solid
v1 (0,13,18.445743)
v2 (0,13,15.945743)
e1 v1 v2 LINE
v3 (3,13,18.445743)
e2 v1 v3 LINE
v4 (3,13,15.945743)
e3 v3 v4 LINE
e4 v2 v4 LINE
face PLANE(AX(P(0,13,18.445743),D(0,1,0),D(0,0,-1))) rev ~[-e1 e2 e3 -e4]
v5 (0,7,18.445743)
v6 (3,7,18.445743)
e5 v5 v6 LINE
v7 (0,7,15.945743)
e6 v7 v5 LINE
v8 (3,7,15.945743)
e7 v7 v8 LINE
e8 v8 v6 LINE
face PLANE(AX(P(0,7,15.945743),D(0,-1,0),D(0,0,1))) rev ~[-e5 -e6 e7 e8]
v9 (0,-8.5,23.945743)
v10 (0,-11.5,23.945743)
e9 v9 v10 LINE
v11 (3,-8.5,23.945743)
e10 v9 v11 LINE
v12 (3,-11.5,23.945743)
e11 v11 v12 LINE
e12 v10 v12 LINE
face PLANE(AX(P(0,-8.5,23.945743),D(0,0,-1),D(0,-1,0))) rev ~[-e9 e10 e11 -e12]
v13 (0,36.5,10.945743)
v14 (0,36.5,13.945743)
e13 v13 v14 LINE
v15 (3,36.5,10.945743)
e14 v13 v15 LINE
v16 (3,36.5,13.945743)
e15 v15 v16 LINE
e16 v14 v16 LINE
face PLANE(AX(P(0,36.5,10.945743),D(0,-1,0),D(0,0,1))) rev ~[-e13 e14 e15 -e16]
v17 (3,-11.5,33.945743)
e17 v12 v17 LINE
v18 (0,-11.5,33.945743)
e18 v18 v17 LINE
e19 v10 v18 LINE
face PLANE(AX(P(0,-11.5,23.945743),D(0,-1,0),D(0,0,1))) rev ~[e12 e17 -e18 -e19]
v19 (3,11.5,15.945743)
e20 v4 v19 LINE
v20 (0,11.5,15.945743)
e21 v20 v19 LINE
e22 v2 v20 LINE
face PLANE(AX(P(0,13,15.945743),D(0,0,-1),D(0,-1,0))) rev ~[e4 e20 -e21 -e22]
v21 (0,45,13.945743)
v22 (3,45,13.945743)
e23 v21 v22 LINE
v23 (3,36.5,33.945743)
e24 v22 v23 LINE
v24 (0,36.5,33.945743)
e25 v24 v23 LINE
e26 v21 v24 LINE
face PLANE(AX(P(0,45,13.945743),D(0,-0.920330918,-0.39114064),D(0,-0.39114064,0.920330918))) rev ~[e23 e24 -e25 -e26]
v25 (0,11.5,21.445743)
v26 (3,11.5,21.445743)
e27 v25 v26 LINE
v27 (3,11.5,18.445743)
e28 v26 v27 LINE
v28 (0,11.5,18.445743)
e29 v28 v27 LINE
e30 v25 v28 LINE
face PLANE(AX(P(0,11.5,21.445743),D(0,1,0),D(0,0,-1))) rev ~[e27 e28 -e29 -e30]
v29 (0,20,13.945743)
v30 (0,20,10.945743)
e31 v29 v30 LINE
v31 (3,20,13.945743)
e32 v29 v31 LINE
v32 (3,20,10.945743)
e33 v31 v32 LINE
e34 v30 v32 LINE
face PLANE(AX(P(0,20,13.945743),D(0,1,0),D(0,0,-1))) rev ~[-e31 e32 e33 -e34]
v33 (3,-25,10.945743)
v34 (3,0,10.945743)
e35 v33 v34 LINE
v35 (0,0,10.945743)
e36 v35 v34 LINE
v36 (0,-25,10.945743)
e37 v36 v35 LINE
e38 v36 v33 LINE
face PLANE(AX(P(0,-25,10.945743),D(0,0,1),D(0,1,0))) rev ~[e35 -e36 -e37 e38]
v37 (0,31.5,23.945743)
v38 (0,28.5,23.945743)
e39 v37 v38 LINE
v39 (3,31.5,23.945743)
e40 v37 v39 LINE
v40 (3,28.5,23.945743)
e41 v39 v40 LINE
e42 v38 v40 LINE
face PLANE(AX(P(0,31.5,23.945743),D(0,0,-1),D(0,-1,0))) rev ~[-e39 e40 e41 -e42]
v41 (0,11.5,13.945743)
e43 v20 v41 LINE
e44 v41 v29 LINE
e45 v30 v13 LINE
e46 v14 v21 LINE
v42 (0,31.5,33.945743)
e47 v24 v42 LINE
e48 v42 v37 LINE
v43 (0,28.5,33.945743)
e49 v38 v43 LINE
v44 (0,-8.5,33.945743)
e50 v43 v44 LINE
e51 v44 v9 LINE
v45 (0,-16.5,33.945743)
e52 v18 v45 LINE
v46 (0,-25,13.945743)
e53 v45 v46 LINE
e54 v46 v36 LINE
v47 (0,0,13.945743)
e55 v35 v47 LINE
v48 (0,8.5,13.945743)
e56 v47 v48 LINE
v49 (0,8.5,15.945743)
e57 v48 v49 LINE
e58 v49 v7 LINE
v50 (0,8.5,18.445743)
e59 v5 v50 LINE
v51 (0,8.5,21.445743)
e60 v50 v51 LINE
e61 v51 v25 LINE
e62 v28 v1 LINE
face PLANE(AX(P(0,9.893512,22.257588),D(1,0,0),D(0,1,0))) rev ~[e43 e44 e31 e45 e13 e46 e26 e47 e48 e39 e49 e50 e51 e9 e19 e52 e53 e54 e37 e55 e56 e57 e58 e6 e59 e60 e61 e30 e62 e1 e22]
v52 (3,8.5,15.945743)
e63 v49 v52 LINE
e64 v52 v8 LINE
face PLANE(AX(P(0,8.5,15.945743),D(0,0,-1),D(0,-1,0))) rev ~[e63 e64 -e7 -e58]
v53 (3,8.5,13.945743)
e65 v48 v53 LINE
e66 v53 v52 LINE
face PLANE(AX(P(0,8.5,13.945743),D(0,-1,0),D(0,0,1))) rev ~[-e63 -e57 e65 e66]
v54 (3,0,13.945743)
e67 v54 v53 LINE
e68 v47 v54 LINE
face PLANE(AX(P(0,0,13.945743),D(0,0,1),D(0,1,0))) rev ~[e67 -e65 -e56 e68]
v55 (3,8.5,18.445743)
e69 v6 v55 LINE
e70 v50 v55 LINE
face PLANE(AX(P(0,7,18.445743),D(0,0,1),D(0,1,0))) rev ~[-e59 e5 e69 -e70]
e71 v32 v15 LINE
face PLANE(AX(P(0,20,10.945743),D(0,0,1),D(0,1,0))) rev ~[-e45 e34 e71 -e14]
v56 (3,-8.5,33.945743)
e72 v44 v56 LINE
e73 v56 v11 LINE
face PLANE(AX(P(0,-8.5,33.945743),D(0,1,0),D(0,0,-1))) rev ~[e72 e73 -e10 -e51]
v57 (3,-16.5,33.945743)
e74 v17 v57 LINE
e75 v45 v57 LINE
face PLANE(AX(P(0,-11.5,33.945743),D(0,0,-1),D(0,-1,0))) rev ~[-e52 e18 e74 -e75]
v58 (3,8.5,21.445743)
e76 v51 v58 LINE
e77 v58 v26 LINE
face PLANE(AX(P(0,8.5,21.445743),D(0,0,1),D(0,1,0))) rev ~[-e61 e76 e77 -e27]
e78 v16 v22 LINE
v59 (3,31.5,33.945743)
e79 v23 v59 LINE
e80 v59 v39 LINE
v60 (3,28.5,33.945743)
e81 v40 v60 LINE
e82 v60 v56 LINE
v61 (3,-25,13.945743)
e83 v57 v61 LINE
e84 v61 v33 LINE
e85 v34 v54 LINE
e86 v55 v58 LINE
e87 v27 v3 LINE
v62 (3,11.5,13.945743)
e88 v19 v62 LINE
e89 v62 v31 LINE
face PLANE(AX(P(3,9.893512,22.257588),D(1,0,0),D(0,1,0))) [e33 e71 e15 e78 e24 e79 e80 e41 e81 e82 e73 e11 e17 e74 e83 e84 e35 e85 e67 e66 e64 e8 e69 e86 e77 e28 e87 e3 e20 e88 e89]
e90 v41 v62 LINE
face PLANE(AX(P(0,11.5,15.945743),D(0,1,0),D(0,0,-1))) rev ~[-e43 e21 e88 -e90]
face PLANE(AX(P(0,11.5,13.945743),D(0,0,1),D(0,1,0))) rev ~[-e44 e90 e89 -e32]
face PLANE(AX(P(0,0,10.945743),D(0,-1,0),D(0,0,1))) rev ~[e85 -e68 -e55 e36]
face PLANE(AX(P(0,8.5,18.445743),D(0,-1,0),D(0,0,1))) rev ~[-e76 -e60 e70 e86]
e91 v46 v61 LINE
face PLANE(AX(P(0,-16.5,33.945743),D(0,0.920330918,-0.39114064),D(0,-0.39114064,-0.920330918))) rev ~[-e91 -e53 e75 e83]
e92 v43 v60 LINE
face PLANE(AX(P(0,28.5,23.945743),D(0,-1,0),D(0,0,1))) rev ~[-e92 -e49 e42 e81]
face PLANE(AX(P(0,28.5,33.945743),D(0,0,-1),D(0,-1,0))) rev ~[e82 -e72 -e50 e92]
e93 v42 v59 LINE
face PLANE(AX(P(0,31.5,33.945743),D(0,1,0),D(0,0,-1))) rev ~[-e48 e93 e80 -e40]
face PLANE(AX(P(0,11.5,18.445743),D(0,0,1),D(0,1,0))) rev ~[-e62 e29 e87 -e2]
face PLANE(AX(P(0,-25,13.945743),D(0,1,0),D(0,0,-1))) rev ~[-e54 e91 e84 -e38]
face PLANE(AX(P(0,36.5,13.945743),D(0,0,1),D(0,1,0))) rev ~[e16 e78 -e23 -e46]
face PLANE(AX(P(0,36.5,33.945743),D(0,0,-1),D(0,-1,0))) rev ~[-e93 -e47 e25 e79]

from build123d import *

# Parameters (mm, degrees)
F1_DEPTH = 3


with BuildPart() as f1:
    # F0 (on Right) → F1 (new body)
    with BuildSketch(Plane.YZ):
        Polygon((-11.5, 23.945743), (-11.5, 33.945743), (-16.5, 33.945743), (-25, 13.945743), (-25, 10.945743), (0, 10.945743), (0, 13.945743), (8.5, 13.945743), (8.5, 15.945743), (7, 15.945743), (7, 18.445743), (8.5, 18.445743), (8.5, 21.445743), (11.5, 21.445743), (11.5, 18.445743), (13, 18.445743), (13, 15.945743), (11.5, 15.945743), (11.5, 13.945743), (20, 13.945743), (20, 10.945743), (36.5, 10.945743), (36.5, 13.945743), (45, 13.945743), (36.5, 33.945743), (31.5, 33.945743), (31.5, 23.945743), (28.5, 23.945743), (28.5, 33.945743), (-8.5, 33.945743), (-8.5, 23.945743), align=None)
    extrude(amount=F1_DEPTH)


solid = f1.part
